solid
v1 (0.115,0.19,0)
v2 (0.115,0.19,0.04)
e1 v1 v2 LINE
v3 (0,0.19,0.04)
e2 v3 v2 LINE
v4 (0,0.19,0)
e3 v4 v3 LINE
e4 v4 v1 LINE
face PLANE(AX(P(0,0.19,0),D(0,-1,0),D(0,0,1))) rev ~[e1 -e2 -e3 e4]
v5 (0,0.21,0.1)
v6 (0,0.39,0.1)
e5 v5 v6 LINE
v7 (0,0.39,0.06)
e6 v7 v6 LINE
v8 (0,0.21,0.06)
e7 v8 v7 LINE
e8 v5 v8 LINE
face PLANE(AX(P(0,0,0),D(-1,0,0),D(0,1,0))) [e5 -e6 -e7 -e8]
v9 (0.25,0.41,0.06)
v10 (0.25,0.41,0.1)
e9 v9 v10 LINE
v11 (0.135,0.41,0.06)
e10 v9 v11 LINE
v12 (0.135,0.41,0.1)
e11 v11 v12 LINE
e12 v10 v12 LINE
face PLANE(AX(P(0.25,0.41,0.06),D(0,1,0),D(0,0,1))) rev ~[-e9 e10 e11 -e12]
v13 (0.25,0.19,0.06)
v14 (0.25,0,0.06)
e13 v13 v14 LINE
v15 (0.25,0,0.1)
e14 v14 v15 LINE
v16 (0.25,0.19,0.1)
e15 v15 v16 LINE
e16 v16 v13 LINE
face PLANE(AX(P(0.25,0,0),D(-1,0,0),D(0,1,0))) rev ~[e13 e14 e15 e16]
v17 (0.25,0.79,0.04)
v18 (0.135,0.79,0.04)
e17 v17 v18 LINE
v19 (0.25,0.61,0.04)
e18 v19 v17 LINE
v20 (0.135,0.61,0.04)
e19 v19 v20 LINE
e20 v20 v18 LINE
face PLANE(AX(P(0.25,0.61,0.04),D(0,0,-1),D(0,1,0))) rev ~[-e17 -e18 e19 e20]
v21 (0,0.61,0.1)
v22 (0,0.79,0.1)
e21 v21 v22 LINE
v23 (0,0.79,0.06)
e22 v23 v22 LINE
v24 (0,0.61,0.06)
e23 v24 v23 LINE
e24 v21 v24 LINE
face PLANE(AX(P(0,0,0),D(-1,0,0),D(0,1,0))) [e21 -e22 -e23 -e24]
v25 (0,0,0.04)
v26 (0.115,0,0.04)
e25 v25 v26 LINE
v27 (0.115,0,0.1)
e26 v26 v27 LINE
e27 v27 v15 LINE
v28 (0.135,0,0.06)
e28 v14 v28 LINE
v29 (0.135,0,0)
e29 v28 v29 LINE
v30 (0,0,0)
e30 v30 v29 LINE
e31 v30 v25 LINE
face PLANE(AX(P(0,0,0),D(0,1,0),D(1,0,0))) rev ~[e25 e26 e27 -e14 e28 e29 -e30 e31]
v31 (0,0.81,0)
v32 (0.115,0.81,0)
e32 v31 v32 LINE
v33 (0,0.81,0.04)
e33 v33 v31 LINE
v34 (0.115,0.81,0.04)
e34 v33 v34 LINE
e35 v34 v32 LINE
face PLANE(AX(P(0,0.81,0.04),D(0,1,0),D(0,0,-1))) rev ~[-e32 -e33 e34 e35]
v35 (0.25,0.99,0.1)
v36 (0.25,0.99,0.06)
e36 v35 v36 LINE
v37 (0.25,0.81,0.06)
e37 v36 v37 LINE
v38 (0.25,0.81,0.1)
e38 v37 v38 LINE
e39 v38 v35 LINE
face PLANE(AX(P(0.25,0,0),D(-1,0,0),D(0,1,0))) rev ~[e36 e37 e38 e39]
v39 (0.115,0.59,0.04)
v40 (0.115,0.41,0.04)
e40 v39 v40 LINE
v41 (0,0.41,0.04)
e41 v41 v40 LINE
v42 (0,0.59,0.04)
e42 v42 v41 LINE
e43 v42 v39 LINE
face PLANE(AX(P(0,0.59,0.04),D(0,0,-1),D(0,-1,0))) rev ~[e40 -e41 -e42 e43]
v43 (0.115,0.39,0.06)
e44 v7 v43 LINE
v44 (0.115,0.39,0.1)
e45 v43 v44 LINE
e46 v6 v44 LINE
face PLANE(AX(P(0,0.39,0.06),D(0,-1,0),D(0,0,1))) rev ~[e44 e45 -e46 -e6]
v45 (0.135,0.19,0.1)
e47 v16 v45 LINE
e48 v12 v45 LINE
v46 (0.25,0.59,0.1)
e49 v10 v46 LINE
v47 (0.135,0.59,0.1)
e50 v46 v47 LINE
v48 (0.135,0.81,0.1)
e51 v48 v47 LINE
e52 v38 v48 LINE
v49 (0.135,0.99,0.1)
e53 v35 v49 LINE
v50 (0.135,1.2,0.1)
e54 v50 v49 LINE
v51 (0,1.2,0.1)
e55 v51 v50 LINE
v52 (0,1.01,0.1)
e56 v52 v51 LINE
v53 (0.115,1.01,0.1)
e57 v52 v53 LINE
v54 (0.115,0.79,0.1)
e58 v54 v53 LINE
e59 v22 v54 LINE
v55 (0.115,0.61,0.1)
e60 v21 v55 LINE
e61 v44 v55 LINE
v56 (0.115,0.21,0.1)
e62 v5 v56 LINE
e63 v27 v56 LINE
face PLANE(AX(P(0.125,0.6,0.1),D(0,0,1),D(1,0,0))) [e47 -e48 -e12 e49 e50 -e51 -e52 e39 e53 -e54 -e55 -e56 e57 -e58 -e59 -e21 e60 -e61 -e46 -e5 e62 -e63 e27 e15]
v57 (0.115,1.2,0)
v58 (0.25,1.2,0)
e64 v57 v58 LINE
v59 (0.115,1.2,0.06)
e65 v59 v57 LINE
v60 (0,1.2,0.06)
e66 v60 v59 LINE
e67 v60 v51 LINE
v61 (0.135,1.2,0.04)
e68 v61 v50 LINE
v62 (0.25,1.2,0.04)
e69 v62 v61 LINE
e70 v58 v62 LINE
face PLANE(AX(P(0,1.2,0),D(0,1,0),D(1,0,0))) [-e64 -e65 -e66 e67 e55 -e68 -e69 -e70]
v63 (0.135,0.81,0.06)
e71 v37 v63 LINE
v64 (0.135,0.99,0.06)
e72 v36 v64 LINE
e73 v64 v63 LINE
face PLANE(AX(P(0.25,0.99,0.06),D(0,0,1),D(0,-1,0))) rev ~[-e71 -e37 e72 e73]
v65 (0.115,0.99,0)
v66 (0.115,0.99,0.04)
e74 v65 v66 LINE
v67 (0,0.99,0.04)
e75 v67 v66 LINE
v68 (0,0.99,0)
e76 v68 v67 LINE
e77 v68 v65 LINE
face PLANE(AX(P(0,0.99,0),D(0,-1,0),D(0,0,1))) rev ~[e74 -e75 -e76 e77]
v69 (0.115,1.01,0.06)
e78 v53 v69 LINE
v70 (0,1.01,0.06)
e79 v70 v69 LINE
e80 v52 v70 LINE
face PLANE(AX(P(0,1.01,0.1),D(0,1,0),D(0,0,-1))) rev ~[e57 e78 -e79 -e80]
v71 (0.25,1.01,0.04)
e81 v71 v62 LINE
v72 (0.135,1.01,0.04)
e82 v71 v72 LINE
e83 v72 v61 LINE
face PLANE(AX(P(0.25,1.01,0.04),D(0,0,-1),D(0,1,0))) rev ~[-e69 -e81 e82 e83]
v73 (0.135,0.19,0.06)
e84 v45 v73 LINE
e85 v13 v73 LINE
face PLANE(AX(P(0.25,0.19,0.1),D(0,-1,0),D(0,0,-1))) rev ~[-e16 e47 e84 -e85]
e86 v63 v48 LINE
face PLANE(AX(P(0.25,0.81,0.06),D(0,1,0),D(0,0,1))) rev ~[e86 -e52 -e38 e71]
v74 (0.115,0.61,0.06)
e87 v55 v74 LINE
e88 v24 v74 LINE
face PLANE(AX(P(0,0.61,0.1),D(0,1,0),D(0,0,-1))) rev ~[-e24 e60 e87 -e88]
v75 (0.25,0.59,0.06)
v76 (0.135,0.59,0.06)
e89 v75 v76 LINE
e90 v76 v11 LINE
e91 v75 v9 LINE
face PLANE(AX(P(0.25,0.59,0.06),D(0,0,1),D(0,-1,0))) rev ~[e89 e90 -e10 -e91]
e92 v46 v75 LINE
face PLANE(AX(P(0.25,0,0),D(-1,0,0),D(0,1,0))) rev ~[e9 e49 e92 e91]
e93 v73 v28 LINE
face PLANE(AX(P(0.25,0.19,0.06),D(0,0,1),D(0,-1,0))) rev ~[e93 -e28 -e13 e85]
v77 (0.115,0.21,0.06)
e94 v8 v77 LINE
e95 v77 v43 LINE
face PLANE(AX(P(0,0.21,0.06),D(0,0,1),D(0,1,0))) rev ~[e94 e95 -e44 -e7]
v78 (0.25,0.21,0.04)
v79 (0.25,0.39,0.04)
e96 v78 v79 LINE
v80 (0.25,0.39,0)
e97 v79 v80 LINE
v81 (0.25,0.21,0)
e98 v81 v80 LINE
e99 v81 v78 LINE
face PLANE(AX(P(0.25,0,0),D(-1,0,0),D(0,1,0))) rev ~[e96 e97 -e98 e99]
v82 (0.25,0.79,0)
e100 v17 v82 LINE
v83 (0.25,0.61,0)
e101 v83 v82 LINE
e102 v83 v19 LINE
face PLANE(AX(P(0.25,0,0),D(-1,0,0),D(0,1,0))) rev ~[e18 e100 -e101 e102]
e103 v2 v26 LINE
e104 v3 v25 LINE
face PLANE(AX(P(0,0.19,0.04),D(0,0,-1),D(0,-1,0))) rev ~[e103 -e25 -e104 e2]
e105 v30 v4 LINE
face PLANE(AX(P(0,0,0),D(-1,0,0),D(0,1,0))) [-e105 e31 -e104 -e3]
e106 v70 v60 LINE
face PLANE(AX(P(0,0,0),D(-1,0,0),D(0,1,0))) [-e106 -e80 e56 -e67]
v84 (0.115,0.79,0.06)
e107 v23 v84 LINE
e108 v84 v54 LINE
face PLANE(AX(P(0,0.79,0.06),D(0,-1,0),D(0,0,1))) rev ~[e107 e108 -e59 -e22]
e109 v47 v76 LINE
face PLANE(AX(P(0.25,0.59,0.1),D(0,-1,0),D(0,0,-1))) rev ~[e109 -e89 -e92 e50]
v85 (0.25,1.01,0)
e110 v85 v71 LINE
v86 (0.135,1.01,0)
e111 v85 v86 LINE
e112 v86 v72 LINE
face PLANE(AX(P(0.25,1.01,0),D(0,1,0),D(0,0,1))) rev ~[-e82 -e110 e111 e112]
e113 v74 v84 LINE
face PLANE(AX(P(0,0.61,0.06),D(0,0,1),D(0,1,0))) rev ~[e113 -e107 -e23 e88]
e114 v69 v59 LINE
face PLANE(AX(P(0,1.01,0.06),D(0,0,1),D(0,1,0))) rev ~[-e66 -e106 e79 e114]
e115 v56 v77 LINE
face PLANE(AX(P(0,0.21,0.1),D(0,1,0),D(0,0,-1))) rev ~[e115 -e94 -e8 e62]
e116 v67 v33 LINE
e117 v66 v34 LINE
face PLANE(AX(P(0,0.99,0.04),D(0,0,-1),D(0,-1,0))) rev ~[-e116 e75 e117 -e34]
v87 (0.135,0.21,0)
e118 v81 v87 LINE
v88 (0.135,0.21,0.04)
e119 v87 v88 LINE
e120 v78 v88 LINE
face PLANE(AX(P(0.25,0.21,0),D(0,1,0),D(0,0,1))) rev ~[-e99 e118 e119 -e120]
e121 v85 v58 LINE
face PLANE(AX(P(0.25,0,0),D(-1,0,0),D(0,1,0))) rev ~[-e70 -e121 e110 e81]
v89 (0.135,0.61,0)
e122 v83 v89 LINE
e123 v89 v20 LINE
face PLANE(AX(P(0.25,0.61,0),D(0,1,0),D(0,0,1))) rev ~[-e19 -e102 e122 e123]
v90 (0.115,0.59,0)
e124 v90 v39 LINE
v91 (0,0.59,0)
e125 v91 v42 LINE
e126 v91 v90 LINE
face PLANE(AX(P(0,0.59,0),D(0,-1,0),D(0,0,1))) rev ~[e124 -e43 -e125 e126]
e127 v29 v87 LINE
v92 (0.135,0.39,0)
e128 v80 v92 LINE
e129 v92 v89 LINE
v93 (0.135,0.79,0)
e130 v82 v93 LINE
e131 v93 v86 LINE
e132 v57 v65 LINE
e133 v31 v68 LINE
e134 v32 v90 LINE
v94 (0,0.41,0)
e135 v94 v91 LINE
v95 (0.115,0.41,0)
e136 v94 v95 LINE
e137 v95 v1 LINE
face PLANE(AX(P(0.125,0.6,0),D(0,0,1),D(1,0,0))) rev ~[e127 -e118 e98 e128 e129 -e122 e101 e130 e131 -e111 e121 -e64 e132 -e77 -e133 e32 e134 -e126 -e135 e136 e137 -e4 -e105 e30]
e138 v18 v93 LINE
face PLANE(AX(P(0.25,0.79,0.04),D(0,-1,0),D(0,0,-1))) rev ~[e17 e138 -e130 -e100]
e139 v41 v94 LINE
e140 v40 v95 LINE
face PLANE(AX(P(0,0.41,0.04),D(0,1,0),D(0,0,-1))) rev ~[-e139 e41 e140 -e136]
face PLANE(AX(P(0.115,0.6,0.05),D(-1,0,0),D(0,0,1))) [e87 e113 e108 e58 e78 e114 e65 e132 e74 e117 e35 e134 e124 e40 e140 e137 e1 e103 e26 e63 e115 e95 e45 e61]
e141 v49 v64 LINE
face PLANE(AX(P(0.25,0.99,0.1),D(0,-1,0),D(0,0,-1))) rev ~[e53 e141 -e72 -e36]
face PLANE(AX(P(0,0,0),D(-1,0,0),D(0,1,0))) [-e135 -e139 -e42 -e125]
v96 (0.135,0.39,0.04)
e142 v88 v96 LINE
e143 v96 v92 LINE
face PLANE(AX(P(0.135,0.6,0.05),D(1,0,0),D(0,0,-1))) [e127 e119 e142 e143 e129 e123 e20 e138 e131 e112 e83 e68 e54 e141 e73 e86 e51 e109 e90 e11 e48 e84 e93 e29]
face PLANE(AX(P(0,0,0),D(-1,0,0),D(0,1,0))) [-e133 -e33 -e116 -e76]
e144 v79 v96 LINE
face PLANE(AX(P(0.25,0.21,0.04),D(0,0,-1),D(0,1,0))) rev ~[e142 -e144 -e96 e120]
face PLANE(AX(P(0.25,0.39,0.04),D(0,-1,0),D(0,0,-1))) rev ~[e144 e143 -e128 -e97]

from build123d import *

# Parameters (mm, degrees)
SKETCH1_W           = 0.25
SKETCH1_H           = 1.2
BOSS_EXTRUDE1_DEPTH = 0.1
CUT_EXTRUDE1_DEPTH  = 0.115
CUT_EXTRUDE2_DEPTH  = 0.115


with BuildPart() as part:
    # Sketch1 → Boss-Extrude1 (new body)
    with BuildSketch(Plane.XY):
        with Locations((0.125, 0.6)):
            Rectangle(SKETCH1_W, SKETCH1_H)
    extrude(amount=BOSS_EXTRUDE1_DEPTH)

    # Sketch2 → Cut-Extrude1 (cut)
    with BuildSketch(Plane(origin=(0.25, 0, 0), x_dir=(0, 0, -1), z_dir=(1, 0, 0))):
        Polygon((-0.04, 1.2), (-0.1, 1.2), (-0.1, 0.99), (-0.06, 0.99), (-0.06, 0.81), (-0.1, 0.81), (-0.1, 0.59), (-0.06, 0.59), (-0.06, 0.41), (-0.1, 0.41), (-0.1, 0.19), (-0.06, 0.19), (-0.06, 0), (0, 0), (0, 0.21), (-0.04, 0.21), (-0.04, 0.39), (0, 0.39), (0, 0.61), (-0.04, 0.61), (-0.04, 0.79), (0, 0.79), (0, 1.01), (-0.04, 1.01), align=None)
    extrude(amount=-CUT_EXTRUDE1_DEPTH, mode=Mode.SUBTRACT)

    # Sketch3 → Cut-Extrude2 (cut)
    with BuildSketch(Plane.ZY):
        Polygon((0.06, 1.01), (0.06, 1.2), (0, 1.2), (0, 0.99), (0.04, 0.99), (0.04, 0.81), (0, 0.81), (0, 0.59), (0.04, 0.59), (0.04, 0.41), (0, 0.41), (0, 0.19), (0.04, 0.19), (0.04, 0), (0.1, 0), (0.1, 0.21), (0.06, 0.21), (0.06, 0.39), (0.1, 0.39), (0.1, 0.61), (0.06, 0.61), (0.06, 0.79), (0.1, 0.79), (0.1, 1.01), align=None)
    extrude(amount=-CUT_EXTRUDE2_DEPTH, mode=Mode.SUBTRACT)


solid = part.part
